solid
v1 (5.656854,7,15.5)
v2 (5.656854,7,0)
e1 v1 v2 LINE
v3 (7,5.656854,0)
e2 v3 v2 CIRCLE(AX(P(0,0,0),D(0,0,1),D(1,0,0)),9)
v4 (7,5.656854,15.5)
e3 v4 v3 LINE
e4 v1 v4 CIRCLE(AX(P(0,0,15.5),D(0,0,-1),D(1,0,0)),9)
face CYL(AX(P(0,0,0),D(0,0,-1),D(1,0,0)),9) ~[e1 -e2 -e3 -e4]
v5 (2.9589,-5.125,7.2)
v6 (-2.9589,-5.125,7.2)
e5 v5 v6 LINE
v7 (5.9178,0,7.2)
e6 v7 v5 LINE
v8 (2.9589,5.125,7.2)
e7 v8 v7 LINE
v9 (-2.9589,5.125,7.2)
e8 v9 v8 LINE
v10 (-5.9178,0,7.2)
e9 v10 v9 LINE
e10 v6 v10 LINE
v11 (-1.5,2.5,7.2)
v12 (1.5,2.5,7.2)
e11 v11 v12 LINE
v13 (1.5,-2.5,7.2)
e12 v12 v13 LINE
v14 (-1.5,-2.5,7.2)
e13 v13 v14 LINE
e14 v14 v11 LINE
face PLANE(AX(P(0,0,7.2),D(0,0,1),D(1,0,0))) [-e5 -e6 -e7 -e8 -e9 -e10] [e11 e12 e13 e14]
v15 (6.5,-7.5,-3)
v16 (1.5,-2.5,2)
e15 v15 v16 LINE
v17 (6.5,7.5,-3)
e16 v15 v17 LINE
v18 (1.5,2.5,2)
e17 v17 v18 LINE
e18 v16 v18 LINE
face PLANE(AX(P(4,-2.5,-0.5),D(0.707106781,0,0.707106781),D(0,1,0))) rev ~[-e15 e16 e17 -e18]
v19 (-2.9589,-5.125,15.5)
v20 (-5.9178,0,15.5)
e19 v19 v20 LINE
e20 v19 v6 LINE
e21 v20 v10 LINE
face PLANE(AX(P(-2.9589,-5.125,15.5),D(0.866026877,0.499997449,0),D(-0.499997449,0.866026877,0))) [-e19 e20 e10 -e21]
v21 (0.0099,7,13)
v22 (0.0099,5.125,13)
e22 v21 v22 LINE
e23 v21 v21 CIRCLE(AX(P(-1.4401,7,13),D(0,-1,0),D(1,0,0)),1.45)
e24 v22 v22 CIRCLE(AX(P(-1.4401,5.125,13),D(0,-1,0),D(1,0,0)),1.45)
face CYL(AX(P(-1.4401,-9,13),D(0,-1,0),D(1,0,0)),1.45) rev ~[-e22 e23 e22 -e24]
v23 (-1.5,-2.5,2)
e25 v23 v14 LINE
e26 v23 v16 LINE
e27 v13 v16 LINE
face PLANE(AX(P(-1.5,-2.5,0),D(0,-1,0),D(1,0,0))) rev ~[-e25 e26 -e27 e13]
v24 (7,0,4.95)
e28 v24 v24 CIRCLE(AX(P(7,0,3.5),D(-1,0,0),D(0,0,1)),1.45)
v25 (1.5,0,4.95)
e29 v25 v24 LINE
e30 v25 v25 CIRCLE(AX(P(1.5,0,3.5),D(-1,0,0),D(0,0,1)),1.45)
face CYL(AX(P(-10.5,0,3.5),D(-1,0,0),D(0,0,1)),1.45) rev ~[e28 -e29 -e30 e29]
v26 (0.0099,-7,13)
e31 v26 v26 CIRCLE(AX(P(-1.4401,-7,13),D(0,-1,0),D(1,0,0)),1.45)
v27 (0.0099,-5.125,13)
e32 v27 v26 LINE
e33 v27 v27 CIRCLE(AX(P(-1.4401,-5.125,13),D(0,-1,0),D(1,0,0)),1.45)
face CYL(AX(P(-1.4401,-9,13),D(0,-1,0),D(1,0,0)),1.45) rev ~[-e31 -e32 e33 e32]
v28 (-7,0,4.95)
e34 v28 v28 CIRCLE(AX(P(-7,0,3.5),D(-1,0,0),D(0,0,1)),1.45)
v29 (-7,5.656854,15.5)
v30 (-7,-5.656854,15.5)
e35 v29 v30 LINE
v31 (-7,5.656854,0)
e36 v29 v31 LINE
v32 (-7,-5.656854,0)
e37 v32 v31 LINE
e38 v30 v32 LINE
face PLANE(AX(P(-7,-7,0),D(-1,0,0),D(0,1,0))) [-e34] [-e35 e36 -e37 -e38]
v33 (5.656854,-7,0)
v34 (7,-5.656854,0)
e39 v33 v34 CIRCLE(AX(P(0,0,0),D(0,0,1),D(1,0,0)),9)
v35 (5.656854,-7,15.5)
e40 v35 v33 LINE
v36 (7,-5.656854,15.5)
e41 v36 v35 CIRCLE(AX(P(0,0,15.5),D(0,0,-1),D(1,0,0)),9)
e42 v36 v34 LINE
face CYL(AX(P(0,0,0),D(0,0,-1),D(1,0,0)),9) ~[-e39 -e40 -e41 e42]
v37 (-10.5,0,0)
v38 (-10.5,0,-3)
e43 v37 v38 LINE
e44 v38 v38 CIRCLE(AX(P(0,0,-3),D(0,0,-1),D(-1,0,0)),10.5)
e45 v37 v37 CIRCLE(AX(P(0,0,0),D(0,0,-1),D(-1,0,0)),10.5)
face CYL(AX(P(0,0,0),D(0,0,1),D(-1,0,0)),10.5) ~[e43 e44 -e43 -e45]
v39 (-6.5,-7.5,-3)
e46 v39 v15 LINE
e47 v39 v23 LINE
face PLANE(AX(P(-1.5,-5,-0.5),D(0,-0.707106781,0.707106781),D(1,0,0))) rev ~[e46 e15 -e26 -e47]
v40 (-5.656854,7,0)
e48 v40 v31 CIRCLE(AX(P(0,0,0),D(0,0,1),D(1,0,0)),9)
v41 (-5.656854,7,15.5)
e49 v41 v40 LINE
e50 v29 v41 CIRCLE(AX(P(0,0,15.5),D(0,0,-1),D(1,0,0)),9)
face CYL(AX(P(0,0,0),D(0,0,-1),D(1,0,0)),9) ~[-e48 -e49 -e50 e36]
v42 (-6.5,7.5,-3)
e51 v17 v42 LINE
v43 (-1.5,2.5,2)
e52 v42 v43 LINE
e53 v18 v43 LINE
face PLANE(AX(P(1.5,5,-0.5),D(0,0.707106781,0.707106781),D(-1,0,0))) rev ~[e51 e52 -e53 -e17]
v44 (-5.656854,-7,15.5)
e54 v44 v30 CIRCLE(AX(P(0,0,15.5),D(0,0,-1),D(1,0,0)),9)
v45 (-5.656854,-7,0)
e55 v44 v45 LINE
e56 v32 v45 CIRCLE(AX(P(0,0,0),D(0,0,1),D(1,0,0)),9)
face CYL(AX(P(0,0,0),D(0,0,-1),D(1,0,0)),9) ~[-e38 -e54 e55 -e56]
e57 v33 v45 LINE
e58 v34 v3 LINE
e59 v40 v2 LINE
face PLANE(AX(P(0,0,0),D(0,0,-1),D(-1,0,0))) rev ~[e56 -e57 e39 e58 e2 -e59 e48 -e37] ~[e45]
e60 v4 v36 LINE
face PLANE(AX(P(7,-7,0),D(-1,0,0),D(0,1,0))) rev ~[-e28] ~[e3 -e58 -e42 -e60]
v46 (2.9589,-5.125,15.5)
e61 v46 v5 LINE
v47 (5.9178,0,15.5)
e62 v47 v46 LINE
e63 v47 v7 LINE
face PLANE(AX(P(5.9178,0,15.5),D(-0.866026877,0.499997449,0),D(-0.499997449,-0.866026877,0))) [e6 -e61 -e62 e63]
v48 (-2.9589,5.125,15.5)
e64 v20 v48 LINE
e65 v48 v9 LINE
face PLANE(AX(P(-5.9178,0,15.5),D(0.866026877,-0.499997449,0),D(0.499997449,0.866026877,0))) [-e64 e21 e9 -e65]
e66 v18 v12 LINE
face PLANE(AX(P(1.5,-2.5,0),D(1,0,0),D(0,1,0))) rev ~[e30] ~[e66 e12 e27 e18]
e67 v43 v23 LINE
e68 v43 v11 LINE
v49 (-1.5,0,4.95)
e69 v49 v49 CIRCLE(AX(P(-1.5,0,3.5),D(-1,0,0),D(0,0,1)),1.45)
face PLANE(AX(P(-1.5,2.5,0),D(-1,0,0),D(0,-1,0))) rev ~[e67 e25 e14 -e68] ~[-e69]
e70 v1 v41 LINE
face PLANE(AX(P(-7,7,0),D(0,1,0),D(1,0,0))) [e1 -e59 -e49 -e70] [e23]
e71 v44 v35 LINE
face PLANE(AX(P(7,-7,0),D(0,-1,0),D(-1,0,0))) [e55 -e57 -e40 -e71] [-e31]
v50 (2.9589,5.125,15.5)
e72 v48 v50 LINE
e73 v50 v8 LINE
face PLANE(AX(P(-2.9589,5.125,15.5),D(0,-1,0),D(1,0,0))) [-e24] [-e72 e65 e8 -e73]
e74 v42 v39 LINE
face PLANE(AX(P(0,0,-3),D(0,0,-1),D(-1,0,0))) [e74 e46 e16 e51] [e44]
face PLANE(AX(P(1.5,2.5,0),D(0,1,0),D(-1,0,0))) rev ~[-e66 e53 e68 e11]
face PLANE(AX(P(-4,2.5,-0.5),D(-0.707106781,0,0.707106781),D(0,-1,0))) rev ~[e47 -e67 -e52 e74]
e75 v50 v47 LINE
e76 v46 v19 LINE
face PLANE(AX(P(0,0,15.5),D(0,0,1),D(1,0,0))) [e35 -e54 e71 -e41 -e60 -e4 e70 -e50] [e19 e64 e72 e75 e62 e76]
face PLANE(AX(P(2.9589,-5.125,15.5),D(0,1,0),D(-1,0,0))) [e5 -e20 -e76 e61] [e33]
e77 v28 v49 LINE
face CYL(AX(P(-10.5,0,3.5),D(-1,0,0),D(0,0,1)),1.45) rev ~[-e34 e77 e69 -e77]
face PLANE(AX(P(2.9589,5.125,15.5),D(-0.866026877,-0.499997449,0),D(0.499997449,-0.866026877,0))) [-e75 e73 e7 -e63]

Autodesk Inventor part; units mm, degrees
ref_plane "YZ Plane" through (0, 0, 0) normal (1, 0, 0) x (0, 1, 0)
ref_plane "XZ Plane" through (0, 0, 0) normal (0, 1, 0) x (-1, 0, 0)
ref_plane "XY Plane" through (0, 0, 0) normal (0, 0, 1) x (1, 0, 0)
sketch "Sketch1" plane through (0, 0, 0) normal (0, 0, 1) x (1, 0, 0)
  circle A0 centre (0, 0) radius 9
  line L0 (-0.75, 10) -> (0.75, 10)
  line L1 (0.75, 10) -> (0.75, 0)
  line L2 (0.75, 0) -> (-0.75, 0)
  line L3 (-0.75, 0) -> (-0.75, 10)
  point P0 (-0.75, 8.9687)
  point P1 (0.75, 8.9687)
  dimension "d0" = 18
  dimension "d26" = 0.75
  dimension "d28" = 0
  dimension "d29" = 10
extrude "Extrusion1" add sketch "Sketch1" along normal blind 15.5 contours A0 L3 L2 L1 | L1 L2 L3 A0
sketch "Sketch2" plane through (0, 0, 0) normal (0, 0, -1) x (-1, 0, 0)
  line L0 (-1.5, -2.5) -> (1.5, -2.5)
  line L1 (1.5, -2.5) -> (1.5, 2.5)
  line L2 (1.5, 2.5) -> (-1.5, 2.5)
  line L3 (-1.5, 2.5) -> (-1.5, -2.5)
  point P0 (0, 0)
  dimension "d3" = 3
  dimension "d4" = 5
  dimension "d5" = 2.5
  dimension "d6" = 1.5
extrude "Extrusion2" cut sketch "Sketch2" against normal blind 10
sketch "Sketch3" plane through (0, 0, 15.5) normal (0, 0, 1) x (1, 0, 0)
  circle A0 centre (0, 0) radius 1.6
  dimension "d9" = 3.2
extrude "Extrusion3" [suppressed]
sketch "Sketch4" plane through (0, 0, 0) normal (0, 0, -1) x (-1, 0, 0)
  circle A0 centre (0, 0) radius 4.5
  dimension "d12" = 9
extrude "Extrusion4" [suppressed]
sketch "Sketch10" plane through (0, 0, 15.5) normal (0, 0, 1) x (1, 0, 0)
  line L0 (2.9589, 5.125) -> (5.9178, 0)
  line L1 (5.9178, 0) -> (2.9589, -5.125)
  line L2 (2.9589, -5.125) -> (-2.9589, -5.125)
  line L3 (-2.9589, -5.125) -> (-5.9178, 0)
  line L4 (-5.9178, 0) -> (-2.9589, 5.125)
  line L5 (-2.9589, 5.125) -> (2.9589, 5.125)
  point P0 (0, 0)
  point P1 (0, 0)
  dimension "d145" = 10.25
extrude "Extrusion7" cut sketch "Sketch10" against normal blind 8.3
ref_plane "Work Plane3" through (0, -9, 0) normal (0, -1, 0) x (1, 0, 0)
sketch "Sketch11" plane through (0, -9, 0) normal (0, -1, 0) x (1, 0, 0)
  circle A0 centre (-1.4401, 13) radius 1.45
  line L0 (9, 15.5) -> (-9, 15.5) projected
  point P0 (0, 0)
  dimension "d66" = 2.9
  dimension "d144" = 2.5
extrude "Extrusion8" cut sketch "Sketch11" against normal through all both and the other way through all
ref_plane "Work Plane4" through (-10.5, -2.5, 0) normal (-1, 0, 0) x (0, 0, 1)
sketch "Sketch12" plane through (-10.5, -2.5, 0) normal (-1, 0, 0) x (0, 0, 1)
  circle A0 centre (3.5, 2.5) radius 1.45
  point P0 (0, 2.5)
  dimension "d71" = 2.9
  dimension "d74" = 3.5
extrude "Extrusion9" cut sketch "Sketch12" against normal blind 22
sketch "Sketch13" plane through (0, 0, 0) normal (0, 0, -1) x (-1, 0, 0)
  circle A0 centre (0, 0) radius 9.25
  circle A1 centre (0, 0) radius 4.75
  dimension "d75" = 9.5
  dimension "d78" = 18.5
extrude "Extrusion10" [suppressed]
sketch "Sketch14" plane through (0, 0, -3.7) normal (0, 0, -1) x (-1, 0, 0)
  line L0 (-8, -5) -> (-10, -5)
  line L1 (-10, -5) -> (-10, 5)
  line L2 (-10, 5) -> (-8, 5)
  line L3 (-8, 5) -> (-8, -5)
  line L4 (10, -5) -> (8, -5)
  line L5 (8, -5) -> (8, 5)
  line L6 (8, 5) -> (10, 5)
  line L7 (10, 5) -> (10, -5)
  line L8 (8, 8) -> (-8, 8)
  line L9 (-8, 8) -> (-8, 10)
  line L10 (-8, 10) -> (8, 10)
  line L11 (8, 10) -> (8, 8)
  line L12 (8, -10) -> (-5, -10)
  line L13 (-5, -10) -> (-5, -8)
  line L14 (-5, -8) -> (8, -8)
  line L15 (8, -8) -> (8, -10)
  point P0 (0, 0)
  dimension "d79" = 8
  dimension "d80" = 2
  dimension "d81" = 5
  dimension "d82" = 5
  dimension "d83" = 8
  dimension "d84" = 2
  dimension "d85" = 5
  dimension "d86" = 5
  dimension "d89" = 8
  dimension "d90" = 8
  dimension "d91" = 2
  dimension "d92" = 2
  dimension "d93" = 8
  dimension "d94" = 8
  dimension "d95" = 8
  dimension "d96" = 5
extrude "Extrusion11" [suppressed]
sketch "Sketch15" plane through (0, 0, 0) normal (0, 0, -1) x (-1, 0, 0)
  line L0 (10, -10.5) -> (7, -10.5)
  line L1 (7, -10.5) -> (7, 10.5)
  line L2 (7, 10.5) -> (10, 10.5)
  line L3 (10, 10.5) -> (10, -10.5)
  line L4 (-10, -10.5) -> (-7, -10.5)
  line L5 (-7, -10.5) -> (-7, 10.5)
  line L6 (-7, 10.5) -> (-10, 10.5)
  line L7 (-10, 10.5) -> (-10, -10.5)
  line L8 (-9.5, 10.5) -> (9.5, 10.5)
  line L9 (9.5, 10.5) -> (9.5, 7)
  line L10 (9.5, 7) -> (-9.5, 7)
  line L11 (-9.5, 7) -> (-9.5, 10.5)
  line L12 (-1.5, 2.5) -> (1.5, 2.5) projected
  line L13 (-1.5, -2.5) -> (-1.5, 2.5) projected
  line L14 (1.5, 2.5) -> (1.5, -2.5) projected
  line L15 (1.5, -2.5) -> (-1.5, -2.5) projected
  line L16 (-9.5, -7) -> (9.5, -7)
  line L17 (9.5, -7) -> (9.5, -10.5)
  line L18 (9.5, -10.5) -> (-9.5, -10.5)
  line L19 (-9.5, -10.5) -> (-9.5, -7)
  point P0 (0, 0)
  point P1 (-7, 7)
  point P2 (7, 7)
  point P3 (7, -7)
  point P4 (-7, -7)
  dimension "d101" = 8
  dimension "d102" = 8
  dimension "d103" = 8
  dimension "d106" = 8
  dimension "d107" = 8
  dimension "d109" = 8
  dimension "d110" = 8
  dimension "d111" = 8
  dimension "d113" = 8
  dimension "d114" = 8
  dimension "d115" = 3
  dimension "d118" = 7
  dimension "d119" = 7
  dimension "d120" = 7
  dimension "d121" = 7
  dimension "d146" = 3
extrude "Extrusion12" cut sketch "Sketch15" against normal blind 16.25 contours L0 L17 L16 L1 L10 L9 L2 L3 | L0 L1 L16 L17 | L18 L5 L16 L1 | L9 L10 L1 L2 | L4 L19 L16 L5 | L1 L10 L5 L8 | L16 L19 L4 L7 L6 L11 L10 L5 | L5 L10 L11 L6
sketch "Sketch17" plane through (0, 0, 0) normal (0, 0, -1) x (-1, 0, 0)
  line L0 (4.5, 4.5) -> (7, 4.5)
  line L1 (7, 4.5) -> (7, 7)
  line L2 (7, 7) -> (4.5, 7)
  line L3 (4.5, 7) -> (4.5, 4.5)
  line L4 (5.6569, 7) -> (-5.6569, 7) projected
  line L5 (7, -5.6569) -> (7, 5.6569) projected
  line L6 (7, -7) -> (4.5, -7)
  line L7 (4.5, -7) -> (4.5, -4.5)
  line L8 (4.5, -4.5) -> (7, -4.5)
  line L9 (7, -4.5) -> (7, -7)
  line L10 (-7, -7) -> (-4.5, -7)
  line L11 (-4.5, -7) -> (-4.5, -4.5)
  line L12 (-4.5, -4.5) -> (-7, -4.5)
  line L13 (-7, -4.5) -> (-7, -7)
  line L14 (-4.5, 7) -> (-7, 7)
  line L15 (-7, 7) -> (-7, 4.5)
  line L16 (-7, 4.5) -> (-4.5, 4.5)
  line L17 (-4.5, 4.5) -> (-4.5, 7)
  line L18 (-5.6569, -7) -> (5.6569, -7) projected
  line L19 (-7, 5.6569) -> (-7, -5.6569) projected
  point P0 (0, 0)
  point P1 (7, -4.5)
  point P2 (-4.5, 7)
  dimension "d128" = 2.5
  dimension "d129" = 2.5
  dimension "d130" = 2.5
  dimension "d131" = 2.5
  dimension "d132" = 2.5
  dimension "d133" = 2.5
  dimension "d134" = 2.5
  dimension "d135" = 2.5
extrude "Extrusion14" [suppressed]
sketch "Sketch18" plane through (0, 0, 0) normal (0, 0, -1) x (-1, 0, 0)
  circle A0 centre (0, 0) radius 10.5
  line L0 (-1.5, -2.5) -> (-1.5, 2.5) projected
  line L1 (1.5, 2.5) -> (1.5, -2.5) projected
  line L2 (-1.5, 2.5) -> (1.5, 2.5)
  line L3 (1.5, 2.5) -> (1.5, -2.5)
  line L4 (1.5, -2.5) -> (-1.5, -2.5)
  line L5 (-1.5, -2.5) -> (-1.5, 2.5)
  dimension "d138" = 21
extrude "Extrusion15" add sketch "Sketch18" along normal blind 3
chamfer "Chamfer1" distance 5 angle 45 4 edges at (-1.5, 0, -3) (1.5, 0, -3) (0, 2.5, -3) (0, -2.5, -3)
equation "\"d5\" = 0.5 * d4"
equation "\"d6\" = 0.5 * d3"
equation "\"d79\" = d83"
equation "\"d84\" = d80"
equation "\"d89\" = d79"
equation "\"d90\" = d79"
equation "\"d91\" = d80"
equation "\"d92\" = d80"
equation "\"d119\" = d118"
equation "\"d120\" = d118"
equation "\"d121\" = d118"
equation "\"d128\" = d129"
equation "\"d130\" = d129"
equation "\"d131\" = d129"
equation "\"d132\" = d129"
equation "\"d133\" = d129"
equation "\"d134\" = d129"
equation "\"d135\" = d129"
properties part number "6mm_shaft_couple_sideclip_v2"
